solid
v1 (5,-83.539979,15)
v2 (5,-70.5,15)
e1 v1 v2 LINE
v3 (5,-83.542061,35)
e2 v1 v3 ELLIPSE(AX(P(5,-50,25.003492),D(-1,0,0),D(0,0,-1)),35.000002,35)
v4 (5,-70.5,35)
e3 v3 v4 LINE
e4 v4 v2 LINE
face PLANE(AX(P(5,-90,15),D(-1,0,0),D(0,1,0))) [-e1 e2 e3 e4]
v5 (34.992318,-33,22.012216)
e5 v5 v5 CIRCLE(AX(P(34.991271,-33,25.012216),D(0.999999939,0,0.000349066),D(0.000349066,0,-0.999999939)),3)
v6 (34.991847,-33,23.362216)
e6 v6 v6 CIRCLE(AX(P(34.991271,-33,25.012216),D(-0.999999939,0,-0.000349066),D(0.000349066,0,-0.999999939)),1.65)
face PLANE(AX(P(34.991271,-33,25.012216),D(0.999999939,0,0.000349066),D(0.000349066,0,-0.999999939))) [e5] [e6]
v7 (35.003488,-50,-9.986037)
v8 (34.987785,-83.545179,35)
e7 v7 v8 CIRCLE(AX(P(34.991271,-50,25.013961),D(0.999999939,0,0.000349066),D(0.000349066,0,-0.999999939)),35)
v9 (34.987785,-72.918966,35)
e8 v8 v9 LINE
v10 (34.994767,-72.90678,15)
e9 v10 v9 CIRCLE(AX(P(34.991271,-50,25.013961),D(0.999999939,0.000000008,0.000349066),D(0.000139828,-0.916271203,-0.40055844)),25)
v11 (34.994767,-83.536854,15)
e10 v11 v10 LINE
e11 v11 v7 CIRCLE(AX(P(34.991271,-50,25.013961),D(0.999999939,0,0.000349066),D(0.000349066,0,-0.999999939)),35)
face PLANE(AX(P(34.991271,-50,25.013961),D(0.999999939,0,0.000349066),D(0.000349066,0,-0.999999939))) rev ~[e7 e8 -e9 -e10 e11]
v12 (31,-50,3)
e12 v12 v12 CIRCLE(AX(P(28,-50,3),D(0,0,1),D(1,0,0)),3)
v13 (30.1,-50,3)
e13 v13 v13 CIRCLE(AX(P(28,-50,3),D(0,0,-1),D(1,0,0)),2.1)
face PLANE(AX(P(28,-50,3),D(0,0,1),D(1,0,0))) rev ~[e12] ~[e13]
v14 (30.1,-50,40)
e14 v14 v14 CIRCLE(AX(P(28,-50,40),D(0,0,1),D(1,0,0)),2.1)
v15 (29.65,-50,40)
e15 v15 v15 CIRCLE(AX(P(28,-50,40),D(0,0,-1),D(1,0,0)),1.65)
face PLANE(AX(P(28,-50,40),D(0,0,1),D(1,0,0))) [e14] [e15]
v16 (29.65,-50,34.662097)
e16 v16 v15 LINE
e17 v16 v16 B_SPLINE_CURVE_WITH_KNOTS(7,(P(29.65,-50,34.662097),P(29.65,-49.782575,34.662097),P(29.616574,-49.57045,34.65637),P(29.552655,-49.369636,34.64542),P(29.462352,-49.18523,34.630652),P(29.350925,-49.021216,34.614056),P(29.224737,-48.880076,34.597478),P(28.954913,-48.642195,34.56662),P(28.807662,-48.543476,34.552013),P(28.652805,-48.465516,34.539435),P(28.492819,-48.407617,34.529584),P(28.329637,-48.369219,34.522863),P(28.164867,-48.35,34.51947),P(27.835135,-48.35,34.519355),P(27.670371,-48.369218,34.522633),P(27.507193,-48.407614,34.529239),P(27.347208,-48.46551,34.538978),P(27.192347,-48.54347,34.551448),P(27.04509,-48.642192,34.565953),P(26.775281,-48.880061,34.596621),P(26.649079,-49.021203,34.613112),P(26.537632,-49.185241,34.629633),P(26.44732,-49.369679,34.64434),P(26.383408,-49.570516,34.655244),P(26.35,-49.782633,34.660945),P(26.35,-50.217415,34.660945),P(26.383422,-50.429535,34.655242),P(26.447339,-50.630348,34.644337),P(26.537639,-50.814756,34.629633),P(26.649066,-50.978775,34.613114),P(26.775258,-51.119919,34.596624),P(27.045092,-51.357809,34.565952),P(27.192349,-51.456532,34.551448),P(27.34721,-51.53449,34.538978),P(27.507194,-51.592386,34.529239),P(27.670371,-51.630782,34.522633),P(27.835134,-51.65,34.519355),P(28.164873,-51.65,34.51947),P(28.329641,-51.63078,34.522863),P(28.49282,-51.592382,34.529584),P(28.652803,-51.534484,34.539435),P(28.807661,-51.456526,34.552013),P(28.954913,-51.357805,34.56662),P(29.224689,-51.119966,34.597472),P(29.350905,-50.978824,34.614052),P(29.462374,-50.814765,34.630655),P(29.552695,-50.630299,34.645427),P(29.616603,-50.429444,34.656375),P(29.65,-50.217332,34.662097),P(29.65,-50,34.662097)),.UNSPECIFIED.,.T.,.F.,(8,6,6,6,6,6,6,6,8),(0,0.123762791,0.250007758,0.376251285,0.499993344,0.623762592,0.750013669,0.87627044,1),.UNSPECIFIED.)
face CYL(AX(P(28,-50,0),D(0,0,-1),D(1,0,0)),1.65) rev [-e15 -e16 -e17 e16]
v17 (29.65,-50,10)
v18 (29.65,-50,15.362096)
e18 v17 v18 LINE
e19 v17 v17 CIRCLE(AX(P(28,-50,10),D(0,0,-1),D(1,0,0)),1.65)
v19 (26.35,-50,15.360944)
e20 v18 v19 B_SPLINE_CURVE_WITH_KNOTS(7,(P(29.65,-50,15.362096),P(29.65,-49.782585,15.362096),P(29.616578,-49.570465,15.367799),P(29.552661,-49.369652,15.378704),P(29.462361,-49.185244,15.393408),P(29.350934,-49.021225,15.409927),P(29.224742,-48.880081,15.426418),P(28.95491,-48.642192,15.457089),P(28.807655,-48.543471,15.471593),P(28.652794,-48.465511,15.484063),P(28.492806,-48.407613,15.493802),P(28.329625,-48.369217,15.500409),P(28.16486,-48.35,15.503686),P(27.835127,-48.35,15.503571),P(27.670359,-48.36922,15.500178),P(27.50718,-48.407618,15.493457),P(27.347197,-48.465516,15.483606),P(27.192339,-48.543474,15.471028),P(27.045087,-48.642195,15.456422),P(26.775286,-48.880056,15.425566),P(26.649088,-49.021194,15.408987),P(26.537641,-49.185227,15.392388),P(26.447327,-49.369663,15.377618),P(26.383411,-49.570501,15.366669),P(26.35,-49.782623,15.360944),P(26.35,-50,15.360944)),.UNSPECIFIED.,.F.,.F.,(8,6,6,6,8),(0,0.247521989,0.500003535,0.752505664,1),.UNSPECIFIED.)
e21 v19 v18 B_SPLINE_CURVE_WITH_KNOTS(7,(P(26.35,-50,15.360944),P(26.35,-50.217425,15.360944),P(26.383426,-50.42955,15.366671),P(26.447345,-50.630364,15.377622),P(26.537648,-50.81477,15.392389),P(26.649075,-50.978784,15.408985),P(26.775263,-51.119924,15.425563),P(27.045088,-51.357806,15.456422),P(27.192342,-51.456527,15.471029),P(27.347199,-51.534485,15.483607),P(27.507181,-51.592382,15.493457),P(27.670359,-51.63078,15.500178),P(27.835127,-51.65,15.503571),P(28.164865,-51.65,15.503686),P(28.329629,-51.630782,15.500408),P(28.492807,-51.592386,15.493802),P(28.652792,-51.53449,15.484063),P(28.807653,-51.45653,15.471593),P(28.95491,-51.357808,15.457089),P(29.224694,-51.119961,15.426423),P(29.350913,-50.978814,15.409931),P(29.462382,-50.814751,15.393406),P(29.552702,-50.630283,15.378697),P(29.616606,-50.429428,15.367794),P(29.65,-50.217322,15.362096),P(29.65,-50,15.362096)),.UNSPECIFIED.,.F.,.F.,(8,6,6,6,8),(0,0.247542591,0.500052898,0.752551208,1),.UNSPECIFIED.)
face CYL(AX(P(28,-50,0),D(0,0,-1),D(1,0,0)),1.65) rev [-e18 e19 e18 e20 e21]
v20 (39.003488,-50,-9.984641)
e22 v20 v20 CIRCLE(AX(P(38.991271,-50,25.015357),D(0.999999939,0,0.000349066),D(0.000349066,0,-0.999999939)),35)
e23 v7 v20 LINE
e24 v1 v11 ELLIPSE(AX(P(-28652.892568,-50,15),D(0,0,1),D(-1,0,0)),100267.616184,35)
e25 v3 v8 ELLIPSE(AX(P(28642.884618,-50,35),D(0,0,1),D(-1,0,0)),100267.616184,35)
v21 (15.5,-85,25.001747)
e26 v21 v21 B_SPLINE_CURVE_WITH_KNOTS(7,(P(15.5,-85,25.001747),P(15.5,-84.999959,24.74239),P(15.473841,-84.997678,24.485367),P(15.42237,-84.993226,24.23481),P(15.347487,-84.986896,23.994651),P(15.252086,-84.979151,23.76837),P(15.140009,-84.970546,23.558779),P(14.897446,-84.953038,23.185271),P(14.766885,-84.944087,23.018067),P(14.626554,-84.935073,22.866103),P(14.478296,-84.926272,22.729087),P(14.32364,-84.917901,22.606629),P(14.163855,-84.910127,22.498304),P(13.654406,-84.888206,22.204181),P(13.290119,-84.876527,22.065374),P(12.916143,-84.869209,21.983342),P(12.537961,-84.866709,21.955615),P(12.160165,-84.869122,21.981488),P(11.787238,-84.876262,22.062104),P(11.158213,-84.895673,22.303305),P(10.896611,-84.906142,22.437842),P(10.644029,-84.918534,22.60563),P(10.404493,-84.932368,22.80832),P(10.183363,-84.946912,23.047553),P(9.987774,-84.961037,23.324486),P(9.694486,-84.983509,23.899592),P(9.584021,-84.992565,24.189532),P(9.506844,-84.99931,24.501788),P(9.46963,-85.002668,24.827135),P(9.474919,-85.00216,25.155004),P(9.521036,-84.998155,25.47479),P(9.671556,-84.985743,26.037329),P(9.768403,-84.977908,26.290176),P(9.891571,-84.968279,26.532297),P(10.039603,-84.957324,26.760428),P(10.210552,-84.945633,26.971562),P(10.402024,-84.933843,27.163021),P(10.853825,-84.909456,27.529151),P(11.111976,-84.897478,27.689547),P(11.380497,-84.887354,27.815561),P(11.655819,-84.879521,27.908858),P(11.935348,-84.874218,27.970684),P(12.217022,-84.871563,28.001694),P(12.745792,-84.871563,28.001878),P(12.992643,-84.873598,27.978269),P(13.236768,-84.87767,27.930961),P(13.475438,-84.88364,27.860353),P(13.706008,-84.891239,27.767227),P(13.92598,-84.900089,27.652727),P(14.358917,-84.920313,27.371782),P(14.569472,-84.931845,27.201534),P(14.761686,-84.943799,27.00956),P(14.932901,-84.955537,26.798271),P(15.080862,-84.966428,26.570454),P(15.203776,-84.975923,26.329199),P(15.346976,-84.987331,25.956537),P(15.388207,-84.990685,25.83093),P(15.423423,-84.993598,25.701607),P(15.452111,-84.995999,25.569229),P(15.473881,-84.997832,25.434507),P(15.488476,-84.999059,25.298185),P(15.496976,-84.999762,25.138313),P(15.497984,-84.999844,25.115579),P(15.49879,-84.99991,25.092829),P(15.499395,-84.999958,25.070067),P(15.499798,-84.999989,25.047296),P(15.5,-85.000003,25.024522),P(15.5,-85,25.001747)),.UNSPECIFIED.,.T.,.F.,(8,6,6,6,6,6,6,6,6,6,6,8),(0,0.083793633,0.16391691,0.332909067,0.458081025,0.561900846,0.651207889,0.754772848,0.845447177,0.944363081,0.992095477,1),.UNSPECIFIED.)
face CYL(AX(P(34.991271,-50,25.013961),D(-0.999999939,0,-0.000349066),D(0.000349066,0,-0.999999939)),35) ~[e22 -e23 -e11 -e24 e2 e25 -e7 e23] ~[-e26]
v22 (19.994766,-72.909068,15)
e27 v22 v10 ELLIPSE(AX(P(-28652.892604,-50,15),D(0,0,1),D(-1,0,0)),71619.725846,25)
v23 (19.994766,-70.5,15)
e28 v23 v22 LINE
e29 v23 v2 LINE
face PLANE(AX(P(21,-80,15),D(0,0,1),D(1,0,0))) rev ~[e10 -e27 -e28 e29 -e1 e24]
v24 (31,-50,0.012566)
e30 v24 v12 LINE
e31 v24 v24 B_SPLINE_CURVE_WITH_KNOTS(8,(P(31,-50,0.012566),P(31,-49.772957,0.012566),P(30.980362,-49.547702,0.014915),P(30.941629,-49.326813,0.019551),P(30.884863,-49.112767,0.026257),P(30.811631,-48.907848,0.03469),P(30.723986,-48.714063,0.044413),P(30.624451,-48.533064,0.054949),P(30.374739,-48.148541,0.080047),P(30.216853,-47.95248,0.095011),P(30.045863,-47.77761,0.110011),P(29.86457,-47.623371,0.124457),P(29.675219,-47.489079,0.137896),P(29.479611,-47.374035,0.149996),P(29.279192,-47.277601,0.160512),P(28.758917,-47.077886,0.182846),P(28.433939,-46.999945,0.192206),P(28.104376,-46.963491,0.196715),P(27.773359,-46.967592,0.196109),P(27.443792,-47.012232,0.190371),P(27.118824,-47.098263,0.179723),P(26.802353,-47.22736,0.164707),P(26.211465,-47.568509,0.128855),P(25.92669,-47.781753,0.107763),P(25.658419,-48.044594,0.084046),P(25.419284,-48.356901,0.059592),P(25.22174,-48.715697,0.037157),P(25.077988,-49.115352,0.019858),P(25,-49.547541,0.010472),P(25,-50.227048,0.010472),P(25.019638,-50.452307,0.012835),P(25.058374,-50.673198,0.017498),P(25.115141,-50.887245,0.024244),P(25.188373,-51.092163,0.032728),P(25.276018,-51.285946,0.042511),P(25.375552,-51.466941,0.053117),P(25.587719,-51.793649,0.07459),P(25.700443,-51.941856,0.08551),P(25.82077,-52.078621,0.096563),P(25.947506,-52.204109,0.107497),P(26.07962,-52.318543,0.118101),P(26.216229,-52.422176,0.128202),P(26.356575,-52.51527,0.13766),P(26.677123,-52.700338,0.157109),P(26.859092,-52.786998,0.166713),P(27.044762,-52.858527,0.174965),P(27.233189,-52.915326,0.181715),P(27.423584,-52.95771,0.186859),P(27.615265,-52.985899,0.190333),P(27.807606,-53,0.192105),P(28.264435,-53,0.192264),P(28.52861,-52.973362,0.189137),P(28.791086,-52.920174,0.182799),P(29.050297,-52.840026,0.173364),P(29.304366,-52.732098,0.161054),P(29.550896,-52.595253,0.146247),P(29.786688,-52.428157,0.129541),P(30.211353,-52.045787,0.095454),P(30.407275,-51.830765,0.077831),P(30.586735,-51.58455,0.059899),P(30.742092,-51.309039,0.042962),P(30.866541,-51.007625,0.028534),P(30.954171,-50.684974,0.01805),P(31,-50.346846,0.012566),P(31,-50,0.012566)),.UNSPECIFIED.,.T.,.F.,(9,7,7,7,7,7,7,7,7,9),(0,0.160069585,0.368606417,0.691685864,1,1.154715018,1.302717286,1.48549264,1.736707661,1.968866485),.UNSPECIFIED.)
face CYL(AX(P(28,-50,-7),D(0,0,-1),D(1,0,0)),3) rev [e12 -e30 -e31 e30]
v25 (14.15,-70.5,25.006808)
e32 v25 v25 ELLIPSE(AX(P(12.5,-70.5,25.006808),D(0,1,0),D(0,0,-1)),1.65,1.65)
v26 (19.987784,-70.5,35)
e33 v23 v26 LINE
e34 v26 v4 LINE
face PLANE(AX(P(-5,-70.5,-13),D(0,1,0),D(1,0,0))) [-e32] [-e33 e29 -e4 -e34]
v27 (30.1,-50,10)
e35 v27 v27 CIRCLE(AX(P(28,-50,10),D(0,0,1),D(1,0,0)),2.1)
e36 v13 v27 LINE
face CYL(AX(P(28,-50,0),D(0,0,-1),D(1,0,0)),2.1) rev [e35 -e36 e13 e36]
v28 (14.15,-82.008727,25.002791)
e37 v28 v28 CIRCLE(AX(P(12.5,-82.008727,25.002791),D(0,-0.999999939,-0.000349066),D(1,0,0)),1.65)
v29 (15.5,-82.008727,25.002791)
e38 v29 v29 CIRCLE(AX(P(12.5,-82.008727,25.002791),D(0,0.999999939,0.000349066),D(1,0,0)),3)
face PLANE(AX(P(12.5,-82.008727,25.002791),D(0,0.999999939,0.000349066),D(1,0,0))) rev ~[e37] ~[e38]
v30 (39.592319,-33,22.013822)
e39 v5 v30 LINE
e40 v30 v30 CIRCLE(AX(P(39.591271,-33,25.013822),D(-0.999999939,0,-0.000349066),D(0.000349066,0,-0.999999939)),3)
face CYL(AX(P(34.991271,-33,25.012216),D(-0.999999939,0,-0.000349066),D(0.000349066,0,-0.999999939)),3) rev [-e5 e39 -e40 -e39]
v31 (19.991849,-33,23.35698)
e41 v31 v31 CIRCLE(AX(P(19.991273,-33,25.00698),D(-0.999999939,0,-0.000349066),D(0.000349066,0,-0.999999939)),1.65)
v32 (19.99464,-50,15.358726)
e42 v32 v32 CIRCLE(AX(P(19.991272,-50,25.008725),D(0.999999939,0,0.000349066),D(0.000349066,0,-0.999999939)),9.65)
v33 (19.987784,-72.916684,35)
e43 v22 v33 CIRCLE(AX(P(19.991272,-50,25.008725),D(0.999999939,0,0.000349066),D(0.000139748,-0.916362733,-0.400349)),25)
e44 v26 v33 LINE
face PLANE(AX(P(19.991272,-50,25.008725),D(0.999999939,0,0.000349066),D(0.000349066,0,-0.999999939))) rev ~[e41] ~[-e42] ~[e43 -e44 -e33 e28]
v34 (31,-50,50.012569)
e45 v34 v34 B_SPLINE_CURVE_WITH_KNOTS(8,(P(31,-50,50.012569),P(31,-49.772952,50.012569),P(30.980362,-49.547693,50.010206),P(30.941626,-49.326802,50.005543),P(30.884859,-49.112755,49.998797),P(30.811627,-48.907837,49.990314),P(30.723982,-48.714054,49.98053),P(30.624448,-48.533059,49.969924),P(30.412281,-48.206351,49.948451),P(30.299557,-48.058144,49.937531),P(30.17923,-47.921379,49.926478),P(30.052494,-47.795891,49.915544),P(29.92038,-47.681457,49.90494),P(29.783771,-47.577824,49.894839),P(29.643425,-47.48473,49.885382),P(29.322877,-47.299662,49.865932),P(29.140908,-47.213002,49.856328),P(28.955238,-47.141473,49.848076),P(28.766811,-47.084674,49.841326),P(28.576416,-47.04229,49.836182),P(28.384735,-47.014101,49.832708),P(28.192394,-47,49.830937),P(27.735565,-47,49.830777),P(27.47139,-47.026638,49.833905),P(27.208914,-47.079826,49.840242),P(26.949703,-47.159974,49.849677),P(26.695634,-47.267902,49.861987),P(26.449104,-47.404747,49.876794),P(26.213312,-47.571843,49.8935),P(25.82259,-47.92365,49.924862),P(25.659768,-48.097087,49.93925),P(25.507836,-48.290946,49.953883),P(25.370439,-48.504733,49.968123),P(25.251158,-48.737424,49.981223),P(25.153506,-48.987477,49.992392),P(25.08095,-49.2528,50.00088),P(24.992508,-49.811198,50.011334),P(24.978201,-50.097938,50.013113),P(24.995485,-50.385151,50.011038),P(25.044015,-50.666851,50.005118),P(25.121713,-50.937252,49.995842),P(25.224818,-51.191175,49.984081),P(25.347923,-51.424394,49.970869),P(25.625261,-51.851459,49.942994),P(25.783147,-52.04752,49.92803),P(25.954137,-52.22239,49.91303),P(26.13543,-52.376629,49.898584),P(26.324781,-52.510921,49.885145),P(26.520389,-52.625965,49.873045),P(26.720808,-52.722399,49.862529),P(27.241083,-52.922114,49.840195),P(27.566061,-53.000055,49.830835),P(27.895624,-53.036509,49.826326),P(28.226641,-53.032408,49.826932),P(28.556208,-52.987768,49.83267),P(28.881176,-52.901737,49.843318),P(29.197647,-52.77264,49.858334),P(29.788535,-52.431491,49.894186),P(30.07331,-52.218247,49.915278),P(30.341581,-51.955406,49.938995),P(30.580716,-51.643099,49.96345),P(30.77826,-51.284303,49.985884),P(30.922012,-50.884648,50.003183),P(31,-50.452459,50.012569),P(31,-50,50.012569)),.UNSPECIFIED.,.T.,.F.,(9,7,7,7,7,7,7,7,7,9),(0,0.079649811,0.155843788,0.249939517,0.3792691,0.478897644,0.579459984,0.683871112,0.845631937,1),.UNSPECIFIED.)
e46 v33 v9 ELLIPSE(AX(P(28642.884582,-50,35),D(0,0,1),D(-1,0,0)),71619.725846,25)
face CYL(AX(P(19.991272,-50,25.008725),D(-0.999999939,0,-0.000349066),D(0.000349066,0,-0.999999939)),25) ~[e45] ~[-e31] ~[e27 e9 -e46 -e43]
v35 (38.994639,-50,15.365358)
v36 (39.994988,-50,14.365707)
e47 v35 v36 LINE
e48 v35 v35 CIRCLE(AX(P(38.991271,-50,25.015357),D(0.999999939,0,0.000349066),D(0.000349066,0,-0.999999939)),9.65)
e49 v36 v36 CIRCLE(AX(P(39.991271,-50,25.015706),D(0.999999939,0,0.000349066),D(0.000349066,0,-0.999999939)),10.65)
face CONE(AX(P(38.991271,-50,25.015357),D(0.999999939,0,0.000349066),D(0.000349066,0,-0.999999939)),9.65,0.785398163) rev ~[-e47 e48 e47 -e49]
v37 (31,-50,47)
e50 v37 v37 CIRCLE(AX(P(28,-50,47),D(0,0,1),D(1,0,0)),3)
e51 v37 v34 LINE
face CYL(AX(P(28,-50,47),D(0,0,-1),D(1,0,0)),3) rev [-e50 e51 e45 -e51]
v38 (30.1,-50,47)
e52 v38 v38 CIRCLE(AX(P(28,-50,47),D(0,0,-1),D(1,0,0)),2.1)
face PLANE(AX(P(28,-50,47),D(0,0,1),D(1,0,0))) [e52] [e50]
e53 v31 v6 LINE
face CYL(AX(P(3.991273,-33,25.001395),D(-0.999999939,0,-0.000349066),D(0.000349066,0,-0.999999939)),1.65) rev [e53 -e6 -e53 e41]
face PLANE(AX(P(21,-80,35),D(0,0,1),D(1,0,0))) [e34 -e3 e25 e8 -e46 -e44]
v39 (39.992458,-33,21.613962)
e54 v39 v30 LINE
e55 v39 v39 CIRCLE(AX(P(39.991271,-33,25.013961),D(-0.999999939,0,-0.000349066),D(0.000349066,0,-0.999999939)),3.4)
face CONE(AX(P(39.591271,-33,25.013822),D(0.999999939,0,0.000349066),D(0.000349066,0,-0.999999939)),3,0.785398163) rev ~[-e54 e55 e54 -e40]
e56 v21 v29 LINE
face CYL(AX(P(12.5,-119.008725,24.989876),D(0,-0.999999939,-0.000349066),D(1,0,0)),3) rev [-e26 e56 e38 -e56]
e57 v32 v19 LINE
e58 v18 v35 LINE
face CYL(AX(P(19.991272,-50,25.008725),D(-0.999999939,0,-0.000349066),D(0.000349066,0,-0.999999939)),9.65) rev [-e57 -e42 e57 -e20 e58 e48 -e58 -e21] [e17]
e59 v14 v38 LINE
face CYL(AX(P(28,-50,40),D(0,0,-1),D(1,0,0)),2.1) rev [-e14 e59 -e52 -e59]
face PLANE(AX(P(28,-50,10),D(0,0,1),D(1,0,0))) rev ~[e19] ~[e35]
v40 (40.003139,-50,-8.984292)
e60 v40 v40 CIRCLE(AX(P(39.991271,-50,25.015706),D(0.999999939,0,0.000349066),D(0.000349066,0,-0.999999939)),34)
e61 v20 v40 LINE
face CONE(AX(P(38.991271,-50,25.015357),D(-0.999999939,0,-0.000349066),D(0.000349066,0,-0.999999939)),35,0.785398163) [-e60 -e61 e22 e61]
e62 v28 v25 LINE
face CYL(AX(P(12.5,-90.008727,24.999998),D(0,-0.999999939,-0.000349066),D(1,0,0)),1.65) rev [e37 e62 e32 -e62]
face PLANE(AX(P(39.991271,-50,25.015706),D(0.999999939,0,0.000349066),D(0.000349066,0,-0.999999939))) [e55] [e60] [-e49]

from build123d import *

# Parameters (mm, degrees)
CYLINDER016_R               = 3
CYLINDER016_DEPTH           = 10
CYLINDER014_R               = 3
CYLINDER014_DEPTH           = 11
CYLINDER028_R               = 2.1
CYLINDER028_DEPTH           = 11
CYLINDER029_R               = 2.1
CYLINDER029_DEPTH           = 10
CYLINDER017_R               = 3
CYLINDER017_DEPTH           = 8
CYLINDER017_PLACEMENT_ANGLE = 89.98
CYLINDER019_R               = 1.65
CYLINDER019_DEPTH           = 61
CYLINDER019_PLACEMENT_ANGLE = 89.98
CYLINDER015_R               = 1.65
CYLINDER015_DEPTH           = 59
CYLINDER012_R               = 3
CYLINDER012_DEPTH           = 37
CYLINDER012_PLACEMENT_ANGLE = 89.98
CYLINDER011_R               = 1.65
CYLINDER011_DEPTH           = 37
CYLINDER011_PLACEMENT_ANGLE = 89.98
CYLINDER006_R               = 9.65
CYLINDER006_DEPTH           = 20
CYLINDER006_PLACEMENT_ANGLE = 89.98
BOX010_W                    = 48
BOX010_H                    = 60
BOX010_DEPTH                = 89
CYLINDER009_R               = 35
CYLINDER009_DEPTH           = 30
CYLINDER009_PLACEMENT_ANGLE = 89.98
BOX011_W                    = 32
BOX011_H                    = 20
BOX011_DEPTH                = 20
CYLINDER008_R               = 35
CYLINDER008_DEPTH           = 5
CYLINDER008_PLACEMENT_ANGLE = 89.98
CYLINDER007_R               = 25
CYLINDER007_DEPTH           = 20
CYLINDER007_PLACEMENT_ANGLE = 89.98
CHAMFER014_SIZE             = 1
CHAMFER015_SIZE             = 0.4


with BuildPart() as cylinder016:
    # Cylinder016 → Cylinder016 (new body)
    with BuildSketch(Plane(origin=(28, -50, -7), x_dir=(1, 0, 0), z_dir=(0, 0, 1))):
        Circle(CYLINDER016_R)
    extrude(amount=CYLINDER016_DEPTH)


with BuildPart() as cylinder014:
    # Cylinder014 → Cylinder014 (new body)
    with BuildSketch(Plane(origin=(28, -50, 47), x_dir=(1, 0, 0), z_dir=(0, 0, 1))):
        Circle(CYLINDER014_R)
    extrude(amount=CYLINDER014_DEPTH)


with BuildPart() as cylinder028:
    # Cylinder028 → Cylinder028 (new body)
    with BuildSketch(Plane(origin=(28, -50, 40), x_dir=(1, 0, 0), z_dir=(0, 0, 1))):
        Circle(CYLINDER028_R)
    extrude(amount=CYLINDER028_DEPTH)


with BuildPart() as cylinder029:
    # Cylinder029 → Cylinder029 (new body)
    with BuildSketch(Plane(origin=(28, -50, 0), x_dir=(1, 0, 0), z_dir=(0, 0, 1))):
        Circle(CYLINDER029_R)
    extrude(amount=CYLINDER029_DEPTH)


with BuildPart() as cylinder017:
    # Cylinder017 → Cylinder017 (new body)
    with BuildSketch(Plane.XY):
        Circle(CYLINDER017_R)
    extrude(amount=CYLINDER017_DEPTH)


with BuildPart() as cylinder017_1:
    # Cylinder017 placement: moved
    add(cylinder017.part.moved(Location((34.991271, -33, 25.012216))).rotate(Axis((34.991271, -33, 25.012216), (0, 1, 0)), CYLINDER017_PLACEMENT_ANGLE))


with BuildPart() as cylinder019:
    # Cylinder019 → Cylinder019 (new body)
    with BuildSketch(Plane.XY):
        Circle(CYLINDER019_R)
    extrude(amount=CYLINDER019_DEPTH)


with BuildPart() as cylinder019_1:
    # Cylinder019 placement: moved
    add(cylinder019.part.moved(Location((3.991273, -33, 25.001395))).rotate(Axis((3.991273, -33, 25.001395), (0, 1, 0)), CYLINDER019_PLACEMENT_ANGLE))


with BuildPart() as cylinder015:
    # Cylinder015 → Cylinder015 (new body)
    with BuildSketch(Plane(origin=(28, -50, 0), x_dir=(1, 0, 0), z_dir=(0, 0, 1))):
        Circle(CYLINDER015_R)
    extrude(amount=CYLINDER015_DEPTH)


with BuildPart() as cylinder012:
    # Cylinder012 → Cylinder012 (new body)
    with BuildSketch(Plane.XY):
        Circle(CYLINDER012_R)
    extrude(amount=CYLINDER012_DEPTH)


with BuildPart() as cylinder012_1:
    # Cylinder012 placement: moved
    add(cylinder012.part.moved(Location((12.5, -119.008725, 24.989876))).rotate(Axis((12.5, -119.008725, 24.989876), (-1, 0, 0)), CYLINDER012_PLACEMENT_ANGLE))


with BuildPart() as cylinder011:
    # Cylinder011 → Cylinder011 (new body)
    with BuildSketch(Plane.XY):
        Circle(CYLINDER011_R)
    extrude(amount=CYLINDER011_DEPTH)


with BuildPart() as cylinder011_1:
    # Cylinder011 placement: moved
    add(cylinder011.part.moved(Location((12.5, -90.008727, 24.999998))).rotate(Axis((12.5, -90.008727, 24.999998), (-1, 0, 0)), CYLINDER011_PLACEMENT_ANGLE))


with BuildPart() as cylinder006:
    # Cylinder006 → Cylinder006 (new body)
    with BuildSketch(Plane.XY):
        Circle(CYLINDER006_R)
    extrude(amount=CYLINDER006_DEPTH)


with BuildPart() as cylinder006_1:
    # Cylinder006 placement: moved
    add(cylinder006.part.moved(Location((24.991272, -50, 25.008725))).rotate(Axis((24.991272, -50, 25.008725), (0, 1, 0)), CYLINDER006_PLACEMENT_ANGLE))


with BuildPart() as cube010:
    # Box010 → Box010 (new body)
    with BuildSketch(Plane(origin=(0, -70.5, -13), x_dir=(1, 0, 0), z_dir=(0, 0, 1))):
        with Locations((24, 30)):
            Rectangle(BOX010_W, BOX010_H)
    extrude(amount=BOX010_DEPTH)


with BuildPart() as cut005:
    # Cylinder009 → Cylinder009 (new body)
    with BuildSketch(Plane.XY):
        Circle(CYLINDER009_R)
    extrude(amount=CYLINDER009_DEPTH)


with BuildPart() as cut005_1:
    # Cylinder009 placement: moved
    add(cut005.part.moved(Location((9.991273, -50, 25.003489))).rotate(Axis((9.991273, -50, 25.003489), (0, 1, 0)), CYLINDER009_PLACEMENT_ANGLE))

    # Cut005: cut Cube010
    add(cube010.part, mode=Mode.SUBTRACT)


with BuildPart() as common:
    # Box011 → Box011 (new body)
    with BuildSketch(Plane(origin=(10, -90, 15), x_dir=(1, 0, 0), z_dir=(0, 0, 1))):
        with Locations((16, 10)):
            Rectangle(BOX011_W, BOX011_H)
    extrude(amount=BOX011_DEPTH)

    # Common: intersect Cut005
    add(cut005_1.part, mode=Mode.INTERSECT)


with BuildPart() as cylinder008:
    # Cylinder008 → Cylinder008 (new body)
    with BuildSketch(Plane.XY):
        Circle(CYLINDER008_R)
    extrude(amount=CYLINDER008_DEPTH)


with BuildPart() as cylinder008_1:
    # Cylinder008 placement: moved
    add(cylinder008.part.moved(Location((39.991271, -50, 25.013961))).rotate(Axis((39.991271, -50, 25.013961), (0, 1, 0)), CYLINDER008_PLACEMENT_ANGLE))


with BuildPart() as spool_side:
    # Cylinder007 → Cylinder007 (new body)
    with BuildSketch(Plane.XY):
        Circle(CYLINDER007_R)
    extrude(amount=CYLINDER007_DEPTH)


with BuildPart() as spool_side_1:
    # Cylinder007 placement: moved
    add(spool_side.part.moved(Location((24.991272, -50, 25.008725))).rotate(Axis((24.991272, -50, 25.008725), (0, 1, 0)), CYLINDER007_PLACEMENT_ANGLE))

    # Fusion003003: union Common, Cylinder008
    add(common.part)
    add(cylinder008_1.part)

    # Cut006: cut Cylinder006
    add(cylinder006_1.part, mode=Mode.SUBTRACT)


with BuildPart() as spool_side_2:
    # Cut006 placement: moved
    add(spool_side_1.part.moved(Location((-5, 0, 0))))

    # Cut009: cut Cylinder011
    add(cylinder011_1.part, mode=Mode.SUBTRACT)

    # Cut010: cut Cylinder012
    add(cylinder012_1.part, mode=Mode.SUBTRACT)

    # Cut011: cut Cylinder015
    add(cylinder015.part, mode=Mode.SUBTRACT)

    # Cut028: cut Cylinder019
    add(cylinder019_1.part, mode=Mode.SUBTRACT)

    # Cut029: cut Cylinder017
    add(cylinder017_1.part, mode=Mode.SUBTRACT)

    # Cut030: cut Cylinder029
    add(cylinder029.part, mode=Mode.SUBTRACT)

    # Cut031: cut Cylinder028
    add(cylinder028.part, mode=Mode.SUBTRACT)

    # Cut032: cut Cylinder014
    add(cylinder014.part, mode=Mode.SUBTRACT)

    # Cut033: cut Cylinder016
    add(cylinder016.part, mode=Mode.SUBTRACT)

    # Chamfer014
    chamfer014_edges = [spool_side_2.edges().sort_by_distance(p)[0] for p in [
        (39.987902, -50, 34.665706),
        (39.979053, -50, 60.015704),
    ]]
    chamfer(chamfer014_edges, length=CHAMFER014_SIZE)

    # Chamfer015
    chamfer015_edges = [spool_side_2.edges().sort_by_distance(p)[0] for p in [
        (39.990224, -33, 28.013961),
    ]]
    chamfer(chamfer015_edges, length=CHAMFER015_SIZE)


solid = spool_side_2.part
